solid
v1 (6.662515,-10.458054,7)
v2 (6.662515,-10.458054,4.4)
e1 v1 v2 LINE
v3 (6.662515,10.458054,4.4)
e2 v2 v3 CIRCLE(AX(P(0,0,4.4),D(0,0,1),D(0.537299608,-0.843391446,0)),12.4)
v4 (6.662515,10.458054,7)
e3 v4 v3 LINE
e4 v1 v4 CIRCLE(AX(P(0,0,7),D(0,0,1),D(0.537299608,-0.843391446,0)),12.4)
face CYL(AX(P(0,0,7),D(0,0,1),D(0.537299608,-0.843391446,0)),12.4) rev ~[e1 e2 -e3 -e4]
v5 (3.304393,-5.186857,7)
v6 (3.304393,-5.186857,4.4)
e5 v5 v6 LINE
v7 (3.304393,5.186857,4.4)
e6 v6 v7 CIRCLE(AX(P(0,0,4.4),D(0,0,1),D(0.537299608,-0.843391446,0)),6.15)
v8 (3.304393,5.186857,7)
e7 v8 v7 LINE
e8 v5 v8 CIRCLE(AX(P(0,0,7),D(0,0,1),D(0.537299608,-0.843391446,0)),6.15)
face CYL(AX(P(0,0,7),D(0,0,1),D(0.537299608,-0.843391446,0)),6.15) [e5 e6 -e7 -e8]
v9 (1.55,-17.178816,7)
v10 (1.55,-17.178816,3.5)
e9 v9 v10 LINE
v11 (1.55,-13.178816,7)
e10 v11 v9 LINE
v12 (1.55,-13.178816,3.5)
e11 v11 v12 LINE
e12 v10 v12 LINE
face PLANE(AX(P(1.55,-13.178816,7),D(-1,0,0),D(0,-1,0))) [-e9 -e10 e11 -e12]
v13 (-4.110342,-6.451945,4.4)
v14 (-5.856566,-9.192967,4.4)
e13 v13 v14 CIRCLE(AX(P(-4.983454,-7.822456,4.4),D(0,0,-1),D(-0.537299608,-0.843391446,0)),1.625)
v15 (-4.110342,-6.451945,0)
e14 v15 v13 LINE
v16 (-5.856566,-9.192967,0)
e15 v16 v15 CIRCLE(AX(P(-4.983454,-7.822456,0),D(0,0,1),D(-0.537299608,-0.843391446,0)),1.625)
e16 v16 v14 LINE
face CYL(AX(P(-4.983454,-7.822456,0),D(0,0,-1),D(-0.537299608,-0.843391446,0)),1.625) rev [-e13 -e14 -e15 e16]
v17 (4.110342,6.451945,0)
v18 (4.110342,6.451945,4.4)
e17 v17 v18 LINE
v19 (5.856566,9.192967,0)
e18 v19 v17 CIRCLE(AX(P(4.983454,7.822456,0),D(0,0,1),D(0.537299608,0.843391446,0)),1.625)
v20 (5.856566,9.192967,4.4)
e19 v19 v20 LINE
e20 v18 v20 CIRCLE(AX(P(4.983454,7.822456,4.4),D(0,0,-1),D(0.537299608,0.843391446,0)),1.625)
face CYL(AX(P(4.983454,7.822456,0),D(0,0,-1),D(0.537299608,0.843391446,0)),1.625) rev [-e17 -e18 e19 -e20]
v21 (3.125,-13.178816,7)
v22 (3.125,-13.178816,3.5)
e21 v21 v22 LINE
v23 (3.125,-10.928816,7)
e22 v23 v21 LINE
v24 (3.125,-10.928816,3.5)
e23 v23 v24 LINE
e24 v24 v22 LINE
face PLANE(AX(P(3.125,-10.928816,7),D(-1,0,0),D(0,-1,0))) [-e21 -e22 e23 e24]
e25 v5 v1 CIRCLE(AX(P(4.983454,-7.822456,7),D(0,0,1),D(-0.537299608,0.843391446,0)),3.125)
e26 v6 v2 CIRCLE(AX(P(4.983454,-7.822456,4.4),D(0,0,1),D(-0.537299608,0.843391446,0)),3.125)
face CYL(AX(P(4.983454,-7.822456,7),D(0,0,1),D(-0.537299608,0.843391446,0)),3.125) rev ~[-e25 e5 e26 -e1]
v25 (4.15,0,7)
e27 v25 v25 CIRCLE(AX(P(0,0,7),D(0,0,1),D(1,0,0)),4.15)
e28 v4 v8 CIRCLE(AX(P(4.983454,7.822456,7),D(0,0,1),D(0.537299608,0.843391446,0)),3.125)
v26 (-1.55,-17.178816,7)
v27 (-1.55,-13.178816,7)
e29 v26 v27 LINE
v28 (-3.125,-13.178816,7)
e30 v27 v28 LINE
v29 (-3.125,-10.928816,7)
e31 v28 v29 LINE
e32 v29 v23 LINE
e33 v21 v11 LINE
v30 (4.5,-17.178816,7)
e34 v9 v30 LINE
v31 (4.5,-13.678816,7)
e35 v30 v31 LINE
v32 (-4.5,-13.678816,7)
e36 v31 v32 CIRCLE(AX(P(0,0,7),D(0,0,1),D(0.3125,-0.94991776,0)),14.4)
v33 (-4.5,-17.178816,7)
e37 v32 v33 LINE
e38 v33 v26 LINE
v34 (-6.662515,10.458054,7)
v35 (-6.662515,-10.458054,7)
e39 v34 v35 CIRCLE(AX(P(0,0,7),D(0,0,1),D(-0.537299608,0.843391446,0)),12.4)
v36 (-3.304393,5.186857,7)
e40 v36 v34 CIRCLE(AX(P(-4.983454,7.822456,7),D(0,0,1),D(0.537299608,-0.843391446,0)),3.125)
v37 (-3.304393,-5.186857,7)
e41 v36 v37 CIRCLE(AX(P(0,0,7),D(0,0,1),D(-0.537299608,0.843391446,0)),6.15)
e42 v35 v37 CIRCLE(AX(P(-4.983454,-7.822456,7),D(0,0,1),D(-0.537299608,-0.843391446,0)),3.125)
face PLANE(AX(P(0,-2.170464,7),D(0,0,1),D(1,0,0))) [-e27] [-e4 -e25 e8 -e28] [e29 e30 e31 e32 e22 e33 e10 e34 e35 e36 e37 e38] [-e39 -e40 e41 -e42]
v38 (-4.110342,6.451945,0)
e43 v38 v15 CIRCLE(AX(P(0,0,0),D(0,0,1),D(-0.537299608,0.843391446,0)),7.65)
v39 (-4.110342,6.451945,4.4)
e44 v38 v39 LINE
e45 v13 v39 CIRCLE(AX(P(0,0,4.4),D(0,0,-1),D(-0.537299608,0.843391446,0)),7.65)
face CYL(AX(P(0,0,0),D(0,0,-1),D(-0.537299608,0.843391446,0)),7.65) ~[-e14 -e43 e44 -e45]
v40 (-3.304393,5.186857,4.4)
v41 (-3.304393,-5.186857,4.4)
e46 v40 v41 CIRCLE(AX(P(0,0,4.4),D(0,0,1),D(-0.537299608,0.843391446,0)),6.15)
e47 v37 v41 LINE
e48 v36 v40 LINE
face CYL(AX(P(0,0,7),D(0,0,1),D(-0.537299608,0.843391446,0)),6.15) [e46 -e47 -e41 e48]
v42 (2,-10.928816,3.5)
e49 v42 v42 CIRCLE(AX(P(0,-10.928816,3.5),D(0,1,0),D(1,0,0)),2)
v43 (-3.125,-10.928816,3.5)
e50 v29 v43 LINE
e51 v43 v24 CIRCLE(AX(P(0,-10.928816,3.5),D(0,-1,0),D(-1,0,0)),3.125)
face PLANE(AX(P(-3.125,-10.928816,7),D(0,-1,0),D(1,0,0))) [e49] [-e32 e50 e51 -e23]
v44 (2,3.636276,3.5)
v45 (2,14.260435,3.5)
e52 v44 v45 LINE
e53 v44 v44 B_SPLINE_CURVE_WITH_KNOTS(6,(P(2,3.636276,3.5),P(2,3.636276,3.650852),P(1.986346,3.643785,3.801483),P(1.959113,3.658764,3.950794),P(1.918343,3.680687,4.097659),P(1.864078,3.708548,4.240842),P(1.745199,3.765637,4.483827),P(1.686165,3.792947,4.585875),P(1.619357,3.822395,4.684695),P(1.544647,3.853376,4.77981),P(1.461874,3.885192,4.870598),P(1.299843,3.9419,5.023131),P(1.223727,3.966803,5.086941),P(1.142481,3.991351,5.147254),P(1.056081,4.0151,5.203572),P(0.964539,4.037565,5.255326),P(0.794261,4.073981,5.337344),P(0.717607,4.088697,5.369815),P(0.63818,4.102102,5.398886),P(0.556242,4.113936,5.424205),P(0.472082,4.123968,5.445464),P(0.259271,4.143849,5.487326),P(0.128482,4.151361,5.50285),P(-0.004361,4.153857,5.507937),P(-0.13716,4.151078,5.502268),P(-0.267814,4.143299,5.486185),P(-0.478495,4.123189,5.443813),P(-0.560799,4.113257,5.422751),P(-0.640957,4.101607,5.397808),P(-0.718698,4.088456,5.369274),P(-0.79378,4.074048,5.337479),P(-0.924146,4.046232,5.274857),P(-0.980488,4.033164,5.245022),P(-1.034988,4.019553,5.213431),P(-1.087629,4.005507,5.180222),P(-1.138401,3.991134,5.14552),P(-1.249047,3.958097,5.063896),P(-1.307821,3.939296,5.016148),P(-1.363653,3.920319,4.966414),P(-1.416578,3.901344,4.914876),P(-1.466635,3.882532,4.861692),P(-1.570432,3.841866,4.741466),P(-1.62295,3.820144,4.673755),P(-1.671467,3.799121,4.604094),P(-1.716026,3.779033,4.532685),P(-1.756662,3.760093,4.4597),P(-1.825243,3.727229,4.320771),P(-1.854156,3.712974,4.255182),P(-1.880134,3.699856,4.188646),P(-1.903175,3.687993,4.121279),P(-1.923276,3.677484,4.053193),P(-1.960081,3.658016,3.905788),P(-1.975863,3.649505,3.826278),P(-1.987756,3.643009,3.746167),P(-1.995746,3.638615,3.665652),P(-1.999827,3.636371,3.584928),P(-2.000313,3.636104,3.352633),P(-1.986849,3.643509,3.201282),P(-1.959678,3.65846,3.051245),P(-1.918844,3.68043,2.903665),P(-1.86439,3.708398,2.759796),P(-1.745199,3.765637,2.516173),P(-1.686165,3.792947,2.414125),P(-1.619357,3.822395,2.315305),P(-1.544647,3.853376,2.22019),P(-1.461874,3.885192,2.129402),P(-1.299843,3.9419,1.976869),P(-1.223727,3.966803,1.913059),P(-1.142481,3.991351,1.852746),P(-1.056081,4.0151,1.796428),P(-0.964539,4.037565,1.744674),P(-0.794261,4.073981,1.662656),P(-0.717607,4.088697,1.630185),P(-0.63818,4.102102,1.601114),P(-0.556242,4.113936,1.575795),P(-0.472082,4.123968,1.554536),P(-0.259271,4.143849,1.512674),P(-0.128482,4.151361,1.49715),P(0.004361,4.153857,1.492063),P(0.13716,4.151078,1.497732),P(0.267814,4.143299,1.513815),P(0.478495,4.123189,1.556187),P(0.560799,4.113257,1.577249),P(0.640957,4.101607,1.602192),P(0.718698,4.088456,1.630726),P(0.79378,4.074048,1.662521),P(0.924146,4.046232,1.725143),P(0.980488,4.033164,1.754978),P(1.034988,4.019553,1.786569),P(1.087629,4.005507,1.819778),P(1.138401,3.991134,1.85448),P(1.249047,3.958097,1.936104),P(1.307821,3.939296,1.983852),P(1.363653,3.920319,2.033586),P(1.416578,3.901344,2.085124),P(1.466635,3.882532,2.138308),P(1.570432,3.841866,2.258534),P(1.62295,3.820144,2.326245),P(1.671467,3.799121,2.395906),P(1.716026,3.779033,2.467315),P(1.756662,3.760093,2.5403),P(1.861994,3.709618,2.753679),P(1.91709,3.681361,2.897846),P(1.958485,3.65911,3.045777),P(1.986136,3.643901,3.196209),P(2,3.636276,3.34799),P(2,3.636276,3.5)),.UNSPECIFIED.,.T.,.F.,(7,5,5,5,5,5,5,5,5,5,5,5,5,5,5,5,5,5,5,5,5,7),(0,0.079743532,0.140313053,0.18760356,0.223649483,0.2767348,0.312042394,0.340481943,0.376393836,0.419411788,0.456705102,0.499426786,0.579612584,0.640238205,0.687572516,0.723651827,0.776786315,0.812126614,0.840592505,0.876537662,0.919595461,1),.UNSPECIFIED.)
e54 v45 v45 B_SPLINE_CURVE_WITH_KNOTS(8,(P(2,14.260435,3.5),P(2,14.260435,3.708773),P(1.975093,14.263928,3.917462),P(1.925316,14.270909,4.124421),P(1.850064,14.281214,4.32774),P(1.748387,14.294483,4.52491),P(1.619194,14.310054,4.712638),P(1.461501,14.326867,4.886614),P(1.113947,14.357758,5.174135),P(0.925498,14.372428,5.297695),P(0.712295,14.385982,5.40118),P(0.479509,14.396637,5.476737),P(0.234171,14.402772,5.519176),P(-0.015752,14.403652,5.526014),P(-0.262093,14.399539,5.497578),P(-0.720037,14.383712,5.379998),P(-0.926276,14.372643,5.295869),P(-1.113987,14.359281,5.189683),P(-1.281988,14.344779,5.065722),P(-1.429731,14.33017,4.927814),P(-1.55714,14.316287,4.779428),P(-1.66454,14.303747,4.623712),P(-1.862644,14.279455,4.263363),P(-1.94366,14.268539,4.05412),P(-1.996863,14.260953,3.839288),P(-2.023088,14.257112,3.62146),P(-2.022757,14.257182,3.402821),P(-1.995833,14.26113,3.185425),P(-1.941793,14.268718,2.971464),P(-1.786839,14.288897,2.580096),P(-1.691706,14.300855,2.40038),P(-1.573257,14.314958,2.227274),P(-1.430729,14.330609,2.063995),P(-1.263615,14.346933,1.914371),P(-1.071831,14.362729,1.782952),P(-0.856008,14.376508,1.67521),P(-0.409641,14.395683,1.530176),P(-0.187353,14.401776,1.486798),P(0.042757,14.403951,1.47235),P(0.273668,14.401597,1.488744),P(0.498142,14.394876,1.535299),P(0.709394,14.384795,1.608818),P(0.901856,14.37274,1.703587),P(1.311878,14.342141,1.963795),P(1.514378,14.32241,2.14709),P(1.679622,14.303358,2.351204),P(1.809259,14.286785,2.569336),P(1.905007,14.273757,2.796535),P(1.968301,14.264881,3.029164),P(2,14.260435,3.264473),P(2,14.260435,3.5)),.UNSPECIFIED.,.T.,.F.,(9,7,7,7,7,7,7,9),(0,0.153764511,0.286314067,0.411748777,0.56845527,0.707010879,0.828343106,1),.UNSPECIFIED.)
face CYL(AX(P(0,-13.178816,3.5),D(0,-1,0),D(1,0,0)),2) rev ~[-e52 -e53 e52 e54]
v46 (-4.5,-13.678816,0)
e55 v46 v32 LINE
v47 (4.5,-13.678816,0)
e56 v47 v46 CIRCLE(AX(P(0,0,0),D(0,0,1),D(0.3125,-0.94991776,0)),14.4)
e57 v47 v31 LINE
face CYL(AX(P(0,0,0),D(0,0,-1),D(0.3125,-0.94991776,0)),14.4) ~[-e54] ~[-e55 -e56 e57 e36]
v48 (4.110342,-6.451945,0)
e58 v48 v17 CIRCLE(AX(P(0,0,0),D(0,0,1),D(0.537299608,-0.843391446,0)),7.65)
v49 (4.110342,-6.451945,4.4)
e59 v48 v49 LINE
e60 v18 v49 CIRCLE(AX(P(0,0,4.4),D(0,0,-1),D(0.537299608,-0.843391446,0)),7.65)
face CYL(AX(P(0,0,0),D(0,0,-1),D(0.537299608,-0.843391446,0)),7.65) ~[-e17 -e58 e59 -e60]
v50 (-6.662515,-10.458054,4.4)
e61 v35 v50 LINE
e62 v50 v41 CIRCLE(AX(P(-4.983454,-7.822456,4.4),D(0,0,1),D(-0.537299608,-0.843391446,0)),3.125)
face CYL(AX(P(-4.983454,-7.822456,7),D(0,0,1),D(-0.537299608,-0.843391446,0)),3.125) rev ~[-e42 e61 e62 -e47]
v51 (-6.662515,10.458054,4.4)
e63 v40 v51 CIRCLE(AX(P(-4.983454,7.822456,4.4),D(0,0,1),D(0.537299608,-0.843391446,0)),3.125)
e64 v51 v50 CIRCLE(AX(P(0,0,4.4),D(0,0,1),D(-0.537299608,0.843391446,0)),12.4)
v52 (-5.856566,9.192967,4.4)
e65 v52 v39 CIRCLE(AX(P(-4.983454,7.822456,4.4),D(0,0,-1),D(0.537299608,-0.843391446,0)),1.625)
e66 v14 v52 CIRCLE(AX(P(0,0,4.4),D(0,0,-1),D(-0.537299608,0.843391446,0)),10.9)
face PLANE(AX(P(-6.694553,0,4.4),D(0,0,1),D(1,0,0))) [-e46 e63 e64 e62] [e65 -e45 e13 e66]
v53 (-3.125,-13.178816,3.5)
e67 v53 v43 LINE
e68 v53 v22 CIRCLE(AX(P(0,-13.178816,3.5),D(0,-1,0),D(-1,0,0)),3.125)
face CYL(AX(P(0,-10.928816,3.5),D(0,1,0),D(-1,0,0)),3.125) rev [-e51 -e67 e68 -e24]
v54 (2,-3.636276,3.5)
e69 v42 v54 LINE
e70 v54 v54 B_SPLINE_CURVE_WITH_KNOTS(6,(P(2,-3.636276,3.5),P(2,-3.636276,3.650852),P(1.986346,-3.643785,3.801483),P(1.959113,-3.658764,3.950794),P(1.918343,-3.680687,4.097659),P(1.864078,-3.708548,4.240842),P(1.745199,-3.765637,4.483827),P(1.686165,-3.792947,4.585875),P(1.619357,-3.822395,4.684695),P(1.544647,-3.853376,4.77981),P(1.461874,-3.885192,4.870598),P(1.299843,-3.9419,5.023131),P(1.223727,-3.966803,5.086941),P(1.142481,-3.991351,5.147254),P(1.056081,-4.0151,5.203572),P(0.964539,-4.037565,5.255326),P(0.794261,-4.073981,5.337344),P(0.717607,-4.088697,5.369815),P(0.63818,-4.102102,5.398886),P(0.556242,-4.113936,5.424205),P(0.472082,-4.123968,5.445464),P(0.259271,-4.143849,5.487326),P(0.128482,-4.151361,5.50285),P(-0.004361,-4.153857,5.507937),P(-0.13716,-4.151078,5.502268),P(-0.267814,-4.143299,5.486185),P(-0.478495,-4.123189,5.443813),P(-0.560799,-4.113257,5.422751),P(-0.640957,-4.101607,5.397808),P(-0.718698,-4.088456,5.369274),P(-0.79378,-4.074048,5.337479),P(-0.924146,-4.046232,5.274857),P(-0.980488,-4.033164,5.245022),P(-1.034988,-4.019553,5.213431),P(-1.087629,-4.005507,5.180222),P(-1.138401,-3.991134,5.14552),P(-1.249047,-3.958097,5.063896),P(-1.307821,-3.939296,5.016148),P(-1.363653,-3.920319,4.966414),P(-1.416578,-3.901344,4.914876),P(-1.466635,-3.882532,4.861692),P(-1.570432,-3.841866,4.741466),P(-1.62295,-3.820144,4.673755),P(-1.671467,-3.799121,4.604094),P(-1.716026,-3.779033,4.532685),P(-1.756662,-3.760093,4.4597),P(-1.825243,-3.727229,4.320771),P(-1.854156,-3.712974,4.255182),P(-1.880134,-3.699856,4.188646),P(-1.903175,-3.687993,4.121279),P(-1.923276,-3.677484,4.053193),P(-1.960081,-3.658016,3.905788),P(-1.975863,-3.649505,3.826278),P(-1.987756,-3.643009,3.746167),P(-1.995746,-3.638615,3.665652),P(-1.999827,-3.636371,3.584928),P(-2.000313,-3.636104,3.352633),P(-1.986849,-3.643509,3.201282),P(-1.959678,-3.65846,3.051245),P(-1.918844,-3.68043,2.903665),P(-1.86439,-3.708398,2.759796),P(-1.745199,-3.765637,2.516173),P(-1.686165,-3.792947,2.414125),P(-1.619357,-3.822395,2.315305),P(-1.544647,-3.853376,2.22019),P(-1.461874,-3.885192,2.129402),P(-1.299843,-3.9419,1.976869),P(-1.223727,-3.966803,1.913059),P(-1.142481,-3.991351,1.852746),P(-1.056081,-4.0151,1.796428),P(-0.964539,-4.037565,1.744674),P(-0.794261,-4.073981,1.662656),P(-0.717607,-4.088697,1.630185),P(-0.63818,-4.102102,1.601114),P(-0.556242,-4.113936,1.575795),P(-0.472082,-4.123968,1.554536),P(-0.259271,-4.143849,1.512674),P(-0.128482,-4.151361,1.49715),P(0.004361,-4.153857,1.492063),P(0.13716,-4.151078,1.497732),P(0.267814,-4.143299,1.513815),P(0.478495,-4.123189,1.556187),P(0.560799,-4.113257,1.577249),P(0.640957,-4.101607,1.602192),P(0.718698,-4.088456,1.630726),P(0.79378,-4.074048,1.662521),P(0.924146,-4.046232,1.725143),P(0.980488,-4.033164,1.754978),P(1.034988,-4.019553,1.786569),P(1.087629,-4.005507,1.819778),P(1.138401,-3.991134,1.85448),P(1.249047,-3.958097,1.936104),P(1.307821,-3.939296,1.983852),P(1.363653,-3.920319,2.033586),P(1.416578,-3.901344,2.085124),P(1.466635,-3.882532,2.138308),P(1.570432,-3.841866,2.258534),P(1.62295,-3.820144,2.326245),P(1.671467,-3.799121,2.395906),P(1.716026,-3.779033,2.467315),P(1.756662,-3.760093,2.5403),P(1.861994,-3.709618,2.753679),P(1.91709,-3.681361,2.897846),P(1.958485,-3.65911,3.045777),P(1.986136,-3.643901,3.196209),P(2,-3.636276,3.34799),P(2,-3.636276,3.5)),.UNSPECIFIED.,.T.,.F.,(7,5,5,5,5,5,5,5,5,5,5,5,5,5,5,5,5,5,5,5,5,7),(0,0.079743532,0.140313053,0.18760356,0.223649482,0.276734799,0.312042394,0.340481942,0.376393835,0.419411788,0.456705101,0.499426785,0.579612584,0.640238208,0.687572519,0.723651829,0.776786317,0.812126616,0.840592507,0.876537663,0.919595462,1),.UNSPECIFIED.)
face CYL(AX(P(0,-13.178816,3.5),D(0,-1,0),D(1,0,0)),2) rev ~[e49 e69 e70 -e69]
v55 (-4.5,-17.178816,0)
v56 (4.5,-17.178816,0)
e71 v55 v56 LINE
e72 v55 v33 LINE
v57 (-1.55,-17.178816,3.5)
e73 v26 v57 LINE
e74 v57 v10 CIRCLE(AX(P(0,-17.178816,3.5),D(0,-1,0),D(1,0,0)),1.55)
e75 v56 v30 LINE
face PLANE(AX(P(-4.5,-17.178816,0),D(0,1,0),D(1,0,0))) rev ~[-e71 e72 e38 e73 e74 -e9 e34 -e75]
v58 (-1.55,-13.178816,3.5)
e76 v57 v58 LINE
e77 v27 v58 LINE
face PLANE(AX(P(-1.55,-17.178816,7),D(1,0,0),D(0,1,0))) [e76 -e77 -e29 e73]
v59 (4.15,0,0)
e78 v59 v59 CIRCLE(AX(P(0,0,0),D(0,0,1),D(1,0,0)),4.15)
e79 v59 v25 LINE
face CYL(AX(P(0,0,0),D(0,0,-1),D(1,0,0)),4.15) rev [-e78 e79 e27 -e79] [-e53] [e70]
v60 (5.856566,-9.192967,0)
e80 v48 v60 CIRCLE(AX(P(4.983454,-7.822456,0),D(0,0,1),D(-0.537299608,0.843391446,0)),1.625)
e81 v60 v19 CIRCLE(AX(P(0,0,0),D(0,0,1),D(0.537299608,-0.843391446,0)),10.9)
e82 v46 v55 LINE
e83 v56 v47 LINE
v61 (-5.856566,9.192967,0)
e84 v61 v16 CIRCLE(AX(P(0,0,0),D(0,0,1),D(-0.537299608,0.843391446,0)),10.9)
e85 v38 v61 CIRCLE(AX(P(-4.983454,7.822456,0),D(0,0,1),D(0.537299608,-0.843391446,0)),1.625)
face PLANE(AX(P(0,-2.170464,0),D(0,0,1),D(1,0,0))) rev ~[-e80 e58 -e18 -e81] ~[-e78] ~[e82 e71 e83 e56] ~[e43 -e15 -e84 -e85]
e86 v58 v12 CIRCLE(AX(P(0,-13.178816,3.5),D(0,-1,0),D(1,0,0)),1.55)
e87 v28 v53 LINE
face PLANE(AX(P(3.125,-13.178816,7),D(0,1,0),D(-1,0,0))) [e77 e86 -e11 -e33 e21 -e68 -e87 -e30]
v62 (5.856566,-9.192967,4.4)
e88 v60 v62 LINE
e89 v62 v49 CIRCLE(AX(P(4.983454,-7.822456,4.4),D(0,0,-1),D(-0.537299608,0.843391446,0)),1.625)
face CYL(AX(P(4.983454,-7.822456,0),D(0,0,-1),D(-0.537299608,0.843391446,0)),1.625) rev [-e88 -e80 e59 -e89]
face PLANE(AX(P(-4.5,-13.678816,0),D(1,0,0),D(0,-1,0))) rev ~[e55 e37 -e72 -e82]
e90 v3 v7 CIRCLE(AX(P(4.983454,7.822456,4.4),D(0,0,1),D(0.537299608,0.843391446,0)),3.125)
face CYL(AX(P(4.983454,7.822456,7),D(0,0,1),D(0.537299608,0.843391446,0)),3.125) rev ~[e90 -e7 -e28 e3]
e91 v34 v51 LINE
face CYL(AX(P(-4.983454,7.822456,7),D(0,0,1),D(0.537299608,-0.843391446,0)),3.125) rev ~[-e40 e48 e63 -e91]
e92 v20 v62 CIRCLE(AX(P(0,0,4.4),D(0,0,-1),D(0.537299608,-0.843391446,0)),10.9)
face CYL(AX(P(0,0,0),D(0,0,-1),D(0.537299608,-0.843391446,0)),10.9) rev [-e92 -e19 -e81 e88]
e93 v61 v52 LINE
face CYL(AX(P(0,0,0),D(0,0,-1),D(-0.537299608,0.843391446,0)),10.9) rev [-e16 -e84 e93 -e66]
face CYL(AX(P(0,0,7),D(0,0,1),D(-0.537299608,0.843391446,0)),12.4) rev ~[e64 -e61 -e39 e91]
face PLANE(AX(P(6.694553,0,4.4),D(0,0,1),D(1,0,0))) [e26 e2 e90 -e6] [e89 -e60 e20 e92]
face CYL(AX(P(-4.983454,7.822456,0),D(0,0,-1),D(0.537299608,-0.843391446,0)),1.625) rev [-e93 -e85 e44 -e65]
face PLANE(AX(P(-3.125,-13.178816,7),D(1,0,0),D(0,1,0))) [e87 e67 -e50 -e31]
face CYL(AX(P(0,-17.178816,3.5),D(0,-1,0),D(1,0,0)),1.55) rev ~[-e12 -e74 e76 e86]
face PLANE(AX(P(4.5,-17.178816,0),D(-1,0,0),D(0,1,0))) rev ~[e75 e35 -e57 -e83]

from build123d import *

# Parameters (mm, degrees)
SKETCH_R        = 4.15
EXTRUDE_DEPTH   = 7
SKETCH001_R     = 1.55
POCKET_DEPTH    = 4
SKETCH002_R     = 2
POCKET001_DEPTH = 27.5798157383
POCKET002_DEPTH = 3.5
POCKET003_DEPTH = 2.25
POCKET004_DEPTH = 2.6


with BuildPart() as part:
    # Sketch → Extrude (new body)
    with BuildSketch(Plane.XY):
        with BuildLine():
            ThreePointArc((4.5, -13.6788157382), (0, 14.4), (-4.5, -13.6788157382))
            Line((-4.5, -13.6788157382), (-4.5, -17.1788157382))
            Line((-4.5, -17.1788157382), (4.5, -17.1788157382))
            Line((4.5, -17.1788157382), (4.5, -13.6788157382))
        make_face()
        Circle(SKETCH_R, mode=Mode.SUBTRACT)
        with BuildLine():
            ThreePointArc((-4.1103420039, 6.4519445605), (-7.65, 0), (-4.1103420039, -6.4519445605))
            ThreePointArc((-5.856565731, -9.1929667594), (-3.612942768, -8.6955675235), (-4.1103420039, -6.4519445605))
            ThreePointArc((-5.856565731, 9.1929667594), (-10.9, 0), (-5.856565731, -9.1929667594))
            ThreePointArc((-4.1103420039, 6.4519445605), (-3.612942768, 8.6955675235), (-5.856565731, 9.1929667594))
        make_face(mode=Mode.SUBTRACT)
        with BuildLine():
            ThreePointArc((4.1103420039, -6.4519445605), (7.65, 0), (4.1103420039, 6.4519445605))
            ThreePointArc((5.856565731, 9.1929667594), (3.612942768, 8.6955675235), (4.1103420039, 6.4519445605))
            ThreePointArc((5.856565731, -9.1929667594), (10.9, 0), (5.856565731, 9.1929667594))
            ThreePointArc((4.1103420039, -6.4519445605), (3.612942768, -8.6955675235), (5.856565731, -9.1929667594))
        make_face(mode=Mode.SUBTRACT)
    extrude(amount=EXTRUDE_DEPTH)

    # Sketch001 → Pocket (cut)
    with BuildSketch(Plane.XZ.offset(17.1788157382)):
        with Locations((0, 3.5)):
            Circle(SKETCH001_R)
    extrude(amount=-POCKET_DEPTH, mode=Mode.SUBTRACT)

    # Sketch002 → Pocket001 (cut, through all)
    with BuildSketch(Plane.XZ.offset(13.1788157382)):
        with Locations((0, 3.5)):
            Circle(SKETCH002_R)
    extrude(amount=-POCKET001_DEPTH, mode=Mode.SUBTRACT)

    # Sketch003 → Pocket002 (cut)
    with BuildSketch(Plane.XY.offset(7)):
        Polygon((1.55, -17.1788157382), (-1.55, -17.1788157382), (-1.55, -13.1788157382), (-3.125, -13.1788157382), (-3.125, -10.9288157382), (3.125, -10.9288157382), (3.125, -13.1788157382), (1.55, -13.1788157382), align=None)
    extrude(amount=-POCKET002_DEPTH, mode=Mode.SUBTRACT)

    # Sketch004 → Pocket003 (cut)
    with BuildSketch(Plane.XZ.offset(10.9288157382)):
        with BuildLine():
            Line((-3.125, 3.5), (3.125, 3.5))
            ThreePointArc((-3.125, 3.5), (0, 0.375), (3.125, 3.5))
        make_face()
    extrude(amount=POCKET003_DEPTH, mode=Mode.SUBTRACT)

    # Sketch005 → Pocket004 (cut)
    with BuildSketch(Plane.XY.offset(7)):
        with BuildLine():
            ThreePointArc((-3.3043925913, 5.1868573917), (-2.3478555993, 9.501516936), (-6.6625151435, 10.4580539281))
            ThreePointArc((-6.6625151435, 10.4580539281), (-12.4, 0), (-6.6625151435, -10.4580539281))
            ThreePointArc((-6.6625151435, -10.4580539281), (-2.3478555993, -9.501516936), (-3.3043925913, -5.1868573918))
            ThreePointArc((-3.3043925913, 5.1868573917), (-6.15, 0), (-3.3043925913, -5.1868573918))
        make_face()
        with BuildLine():
            ThreePointArc((6.6625151435, 10.4580539281), (2.3478555993, 9.501516936), (3.3043925913, 5.1868573917))
            ThreePointArc((3.3043925913, -5.1868573917), (6.15, 0), (3.3043925913, 5.1868573917))
            ThreePointArc((3.3043925913, -5.1868573917), (2.3478555993, -9.501516936), (6.6625151435, -10.4580539281))
            ThreePointArc((6.6625151435, -10.4580539281), (12.4, 0), (6.6625151435, 10.4580539281))
        make_face()
    extrude(amount=-POCKET004_DEPTH, mode=Mode.SUBTRACT)


solid = part.part
